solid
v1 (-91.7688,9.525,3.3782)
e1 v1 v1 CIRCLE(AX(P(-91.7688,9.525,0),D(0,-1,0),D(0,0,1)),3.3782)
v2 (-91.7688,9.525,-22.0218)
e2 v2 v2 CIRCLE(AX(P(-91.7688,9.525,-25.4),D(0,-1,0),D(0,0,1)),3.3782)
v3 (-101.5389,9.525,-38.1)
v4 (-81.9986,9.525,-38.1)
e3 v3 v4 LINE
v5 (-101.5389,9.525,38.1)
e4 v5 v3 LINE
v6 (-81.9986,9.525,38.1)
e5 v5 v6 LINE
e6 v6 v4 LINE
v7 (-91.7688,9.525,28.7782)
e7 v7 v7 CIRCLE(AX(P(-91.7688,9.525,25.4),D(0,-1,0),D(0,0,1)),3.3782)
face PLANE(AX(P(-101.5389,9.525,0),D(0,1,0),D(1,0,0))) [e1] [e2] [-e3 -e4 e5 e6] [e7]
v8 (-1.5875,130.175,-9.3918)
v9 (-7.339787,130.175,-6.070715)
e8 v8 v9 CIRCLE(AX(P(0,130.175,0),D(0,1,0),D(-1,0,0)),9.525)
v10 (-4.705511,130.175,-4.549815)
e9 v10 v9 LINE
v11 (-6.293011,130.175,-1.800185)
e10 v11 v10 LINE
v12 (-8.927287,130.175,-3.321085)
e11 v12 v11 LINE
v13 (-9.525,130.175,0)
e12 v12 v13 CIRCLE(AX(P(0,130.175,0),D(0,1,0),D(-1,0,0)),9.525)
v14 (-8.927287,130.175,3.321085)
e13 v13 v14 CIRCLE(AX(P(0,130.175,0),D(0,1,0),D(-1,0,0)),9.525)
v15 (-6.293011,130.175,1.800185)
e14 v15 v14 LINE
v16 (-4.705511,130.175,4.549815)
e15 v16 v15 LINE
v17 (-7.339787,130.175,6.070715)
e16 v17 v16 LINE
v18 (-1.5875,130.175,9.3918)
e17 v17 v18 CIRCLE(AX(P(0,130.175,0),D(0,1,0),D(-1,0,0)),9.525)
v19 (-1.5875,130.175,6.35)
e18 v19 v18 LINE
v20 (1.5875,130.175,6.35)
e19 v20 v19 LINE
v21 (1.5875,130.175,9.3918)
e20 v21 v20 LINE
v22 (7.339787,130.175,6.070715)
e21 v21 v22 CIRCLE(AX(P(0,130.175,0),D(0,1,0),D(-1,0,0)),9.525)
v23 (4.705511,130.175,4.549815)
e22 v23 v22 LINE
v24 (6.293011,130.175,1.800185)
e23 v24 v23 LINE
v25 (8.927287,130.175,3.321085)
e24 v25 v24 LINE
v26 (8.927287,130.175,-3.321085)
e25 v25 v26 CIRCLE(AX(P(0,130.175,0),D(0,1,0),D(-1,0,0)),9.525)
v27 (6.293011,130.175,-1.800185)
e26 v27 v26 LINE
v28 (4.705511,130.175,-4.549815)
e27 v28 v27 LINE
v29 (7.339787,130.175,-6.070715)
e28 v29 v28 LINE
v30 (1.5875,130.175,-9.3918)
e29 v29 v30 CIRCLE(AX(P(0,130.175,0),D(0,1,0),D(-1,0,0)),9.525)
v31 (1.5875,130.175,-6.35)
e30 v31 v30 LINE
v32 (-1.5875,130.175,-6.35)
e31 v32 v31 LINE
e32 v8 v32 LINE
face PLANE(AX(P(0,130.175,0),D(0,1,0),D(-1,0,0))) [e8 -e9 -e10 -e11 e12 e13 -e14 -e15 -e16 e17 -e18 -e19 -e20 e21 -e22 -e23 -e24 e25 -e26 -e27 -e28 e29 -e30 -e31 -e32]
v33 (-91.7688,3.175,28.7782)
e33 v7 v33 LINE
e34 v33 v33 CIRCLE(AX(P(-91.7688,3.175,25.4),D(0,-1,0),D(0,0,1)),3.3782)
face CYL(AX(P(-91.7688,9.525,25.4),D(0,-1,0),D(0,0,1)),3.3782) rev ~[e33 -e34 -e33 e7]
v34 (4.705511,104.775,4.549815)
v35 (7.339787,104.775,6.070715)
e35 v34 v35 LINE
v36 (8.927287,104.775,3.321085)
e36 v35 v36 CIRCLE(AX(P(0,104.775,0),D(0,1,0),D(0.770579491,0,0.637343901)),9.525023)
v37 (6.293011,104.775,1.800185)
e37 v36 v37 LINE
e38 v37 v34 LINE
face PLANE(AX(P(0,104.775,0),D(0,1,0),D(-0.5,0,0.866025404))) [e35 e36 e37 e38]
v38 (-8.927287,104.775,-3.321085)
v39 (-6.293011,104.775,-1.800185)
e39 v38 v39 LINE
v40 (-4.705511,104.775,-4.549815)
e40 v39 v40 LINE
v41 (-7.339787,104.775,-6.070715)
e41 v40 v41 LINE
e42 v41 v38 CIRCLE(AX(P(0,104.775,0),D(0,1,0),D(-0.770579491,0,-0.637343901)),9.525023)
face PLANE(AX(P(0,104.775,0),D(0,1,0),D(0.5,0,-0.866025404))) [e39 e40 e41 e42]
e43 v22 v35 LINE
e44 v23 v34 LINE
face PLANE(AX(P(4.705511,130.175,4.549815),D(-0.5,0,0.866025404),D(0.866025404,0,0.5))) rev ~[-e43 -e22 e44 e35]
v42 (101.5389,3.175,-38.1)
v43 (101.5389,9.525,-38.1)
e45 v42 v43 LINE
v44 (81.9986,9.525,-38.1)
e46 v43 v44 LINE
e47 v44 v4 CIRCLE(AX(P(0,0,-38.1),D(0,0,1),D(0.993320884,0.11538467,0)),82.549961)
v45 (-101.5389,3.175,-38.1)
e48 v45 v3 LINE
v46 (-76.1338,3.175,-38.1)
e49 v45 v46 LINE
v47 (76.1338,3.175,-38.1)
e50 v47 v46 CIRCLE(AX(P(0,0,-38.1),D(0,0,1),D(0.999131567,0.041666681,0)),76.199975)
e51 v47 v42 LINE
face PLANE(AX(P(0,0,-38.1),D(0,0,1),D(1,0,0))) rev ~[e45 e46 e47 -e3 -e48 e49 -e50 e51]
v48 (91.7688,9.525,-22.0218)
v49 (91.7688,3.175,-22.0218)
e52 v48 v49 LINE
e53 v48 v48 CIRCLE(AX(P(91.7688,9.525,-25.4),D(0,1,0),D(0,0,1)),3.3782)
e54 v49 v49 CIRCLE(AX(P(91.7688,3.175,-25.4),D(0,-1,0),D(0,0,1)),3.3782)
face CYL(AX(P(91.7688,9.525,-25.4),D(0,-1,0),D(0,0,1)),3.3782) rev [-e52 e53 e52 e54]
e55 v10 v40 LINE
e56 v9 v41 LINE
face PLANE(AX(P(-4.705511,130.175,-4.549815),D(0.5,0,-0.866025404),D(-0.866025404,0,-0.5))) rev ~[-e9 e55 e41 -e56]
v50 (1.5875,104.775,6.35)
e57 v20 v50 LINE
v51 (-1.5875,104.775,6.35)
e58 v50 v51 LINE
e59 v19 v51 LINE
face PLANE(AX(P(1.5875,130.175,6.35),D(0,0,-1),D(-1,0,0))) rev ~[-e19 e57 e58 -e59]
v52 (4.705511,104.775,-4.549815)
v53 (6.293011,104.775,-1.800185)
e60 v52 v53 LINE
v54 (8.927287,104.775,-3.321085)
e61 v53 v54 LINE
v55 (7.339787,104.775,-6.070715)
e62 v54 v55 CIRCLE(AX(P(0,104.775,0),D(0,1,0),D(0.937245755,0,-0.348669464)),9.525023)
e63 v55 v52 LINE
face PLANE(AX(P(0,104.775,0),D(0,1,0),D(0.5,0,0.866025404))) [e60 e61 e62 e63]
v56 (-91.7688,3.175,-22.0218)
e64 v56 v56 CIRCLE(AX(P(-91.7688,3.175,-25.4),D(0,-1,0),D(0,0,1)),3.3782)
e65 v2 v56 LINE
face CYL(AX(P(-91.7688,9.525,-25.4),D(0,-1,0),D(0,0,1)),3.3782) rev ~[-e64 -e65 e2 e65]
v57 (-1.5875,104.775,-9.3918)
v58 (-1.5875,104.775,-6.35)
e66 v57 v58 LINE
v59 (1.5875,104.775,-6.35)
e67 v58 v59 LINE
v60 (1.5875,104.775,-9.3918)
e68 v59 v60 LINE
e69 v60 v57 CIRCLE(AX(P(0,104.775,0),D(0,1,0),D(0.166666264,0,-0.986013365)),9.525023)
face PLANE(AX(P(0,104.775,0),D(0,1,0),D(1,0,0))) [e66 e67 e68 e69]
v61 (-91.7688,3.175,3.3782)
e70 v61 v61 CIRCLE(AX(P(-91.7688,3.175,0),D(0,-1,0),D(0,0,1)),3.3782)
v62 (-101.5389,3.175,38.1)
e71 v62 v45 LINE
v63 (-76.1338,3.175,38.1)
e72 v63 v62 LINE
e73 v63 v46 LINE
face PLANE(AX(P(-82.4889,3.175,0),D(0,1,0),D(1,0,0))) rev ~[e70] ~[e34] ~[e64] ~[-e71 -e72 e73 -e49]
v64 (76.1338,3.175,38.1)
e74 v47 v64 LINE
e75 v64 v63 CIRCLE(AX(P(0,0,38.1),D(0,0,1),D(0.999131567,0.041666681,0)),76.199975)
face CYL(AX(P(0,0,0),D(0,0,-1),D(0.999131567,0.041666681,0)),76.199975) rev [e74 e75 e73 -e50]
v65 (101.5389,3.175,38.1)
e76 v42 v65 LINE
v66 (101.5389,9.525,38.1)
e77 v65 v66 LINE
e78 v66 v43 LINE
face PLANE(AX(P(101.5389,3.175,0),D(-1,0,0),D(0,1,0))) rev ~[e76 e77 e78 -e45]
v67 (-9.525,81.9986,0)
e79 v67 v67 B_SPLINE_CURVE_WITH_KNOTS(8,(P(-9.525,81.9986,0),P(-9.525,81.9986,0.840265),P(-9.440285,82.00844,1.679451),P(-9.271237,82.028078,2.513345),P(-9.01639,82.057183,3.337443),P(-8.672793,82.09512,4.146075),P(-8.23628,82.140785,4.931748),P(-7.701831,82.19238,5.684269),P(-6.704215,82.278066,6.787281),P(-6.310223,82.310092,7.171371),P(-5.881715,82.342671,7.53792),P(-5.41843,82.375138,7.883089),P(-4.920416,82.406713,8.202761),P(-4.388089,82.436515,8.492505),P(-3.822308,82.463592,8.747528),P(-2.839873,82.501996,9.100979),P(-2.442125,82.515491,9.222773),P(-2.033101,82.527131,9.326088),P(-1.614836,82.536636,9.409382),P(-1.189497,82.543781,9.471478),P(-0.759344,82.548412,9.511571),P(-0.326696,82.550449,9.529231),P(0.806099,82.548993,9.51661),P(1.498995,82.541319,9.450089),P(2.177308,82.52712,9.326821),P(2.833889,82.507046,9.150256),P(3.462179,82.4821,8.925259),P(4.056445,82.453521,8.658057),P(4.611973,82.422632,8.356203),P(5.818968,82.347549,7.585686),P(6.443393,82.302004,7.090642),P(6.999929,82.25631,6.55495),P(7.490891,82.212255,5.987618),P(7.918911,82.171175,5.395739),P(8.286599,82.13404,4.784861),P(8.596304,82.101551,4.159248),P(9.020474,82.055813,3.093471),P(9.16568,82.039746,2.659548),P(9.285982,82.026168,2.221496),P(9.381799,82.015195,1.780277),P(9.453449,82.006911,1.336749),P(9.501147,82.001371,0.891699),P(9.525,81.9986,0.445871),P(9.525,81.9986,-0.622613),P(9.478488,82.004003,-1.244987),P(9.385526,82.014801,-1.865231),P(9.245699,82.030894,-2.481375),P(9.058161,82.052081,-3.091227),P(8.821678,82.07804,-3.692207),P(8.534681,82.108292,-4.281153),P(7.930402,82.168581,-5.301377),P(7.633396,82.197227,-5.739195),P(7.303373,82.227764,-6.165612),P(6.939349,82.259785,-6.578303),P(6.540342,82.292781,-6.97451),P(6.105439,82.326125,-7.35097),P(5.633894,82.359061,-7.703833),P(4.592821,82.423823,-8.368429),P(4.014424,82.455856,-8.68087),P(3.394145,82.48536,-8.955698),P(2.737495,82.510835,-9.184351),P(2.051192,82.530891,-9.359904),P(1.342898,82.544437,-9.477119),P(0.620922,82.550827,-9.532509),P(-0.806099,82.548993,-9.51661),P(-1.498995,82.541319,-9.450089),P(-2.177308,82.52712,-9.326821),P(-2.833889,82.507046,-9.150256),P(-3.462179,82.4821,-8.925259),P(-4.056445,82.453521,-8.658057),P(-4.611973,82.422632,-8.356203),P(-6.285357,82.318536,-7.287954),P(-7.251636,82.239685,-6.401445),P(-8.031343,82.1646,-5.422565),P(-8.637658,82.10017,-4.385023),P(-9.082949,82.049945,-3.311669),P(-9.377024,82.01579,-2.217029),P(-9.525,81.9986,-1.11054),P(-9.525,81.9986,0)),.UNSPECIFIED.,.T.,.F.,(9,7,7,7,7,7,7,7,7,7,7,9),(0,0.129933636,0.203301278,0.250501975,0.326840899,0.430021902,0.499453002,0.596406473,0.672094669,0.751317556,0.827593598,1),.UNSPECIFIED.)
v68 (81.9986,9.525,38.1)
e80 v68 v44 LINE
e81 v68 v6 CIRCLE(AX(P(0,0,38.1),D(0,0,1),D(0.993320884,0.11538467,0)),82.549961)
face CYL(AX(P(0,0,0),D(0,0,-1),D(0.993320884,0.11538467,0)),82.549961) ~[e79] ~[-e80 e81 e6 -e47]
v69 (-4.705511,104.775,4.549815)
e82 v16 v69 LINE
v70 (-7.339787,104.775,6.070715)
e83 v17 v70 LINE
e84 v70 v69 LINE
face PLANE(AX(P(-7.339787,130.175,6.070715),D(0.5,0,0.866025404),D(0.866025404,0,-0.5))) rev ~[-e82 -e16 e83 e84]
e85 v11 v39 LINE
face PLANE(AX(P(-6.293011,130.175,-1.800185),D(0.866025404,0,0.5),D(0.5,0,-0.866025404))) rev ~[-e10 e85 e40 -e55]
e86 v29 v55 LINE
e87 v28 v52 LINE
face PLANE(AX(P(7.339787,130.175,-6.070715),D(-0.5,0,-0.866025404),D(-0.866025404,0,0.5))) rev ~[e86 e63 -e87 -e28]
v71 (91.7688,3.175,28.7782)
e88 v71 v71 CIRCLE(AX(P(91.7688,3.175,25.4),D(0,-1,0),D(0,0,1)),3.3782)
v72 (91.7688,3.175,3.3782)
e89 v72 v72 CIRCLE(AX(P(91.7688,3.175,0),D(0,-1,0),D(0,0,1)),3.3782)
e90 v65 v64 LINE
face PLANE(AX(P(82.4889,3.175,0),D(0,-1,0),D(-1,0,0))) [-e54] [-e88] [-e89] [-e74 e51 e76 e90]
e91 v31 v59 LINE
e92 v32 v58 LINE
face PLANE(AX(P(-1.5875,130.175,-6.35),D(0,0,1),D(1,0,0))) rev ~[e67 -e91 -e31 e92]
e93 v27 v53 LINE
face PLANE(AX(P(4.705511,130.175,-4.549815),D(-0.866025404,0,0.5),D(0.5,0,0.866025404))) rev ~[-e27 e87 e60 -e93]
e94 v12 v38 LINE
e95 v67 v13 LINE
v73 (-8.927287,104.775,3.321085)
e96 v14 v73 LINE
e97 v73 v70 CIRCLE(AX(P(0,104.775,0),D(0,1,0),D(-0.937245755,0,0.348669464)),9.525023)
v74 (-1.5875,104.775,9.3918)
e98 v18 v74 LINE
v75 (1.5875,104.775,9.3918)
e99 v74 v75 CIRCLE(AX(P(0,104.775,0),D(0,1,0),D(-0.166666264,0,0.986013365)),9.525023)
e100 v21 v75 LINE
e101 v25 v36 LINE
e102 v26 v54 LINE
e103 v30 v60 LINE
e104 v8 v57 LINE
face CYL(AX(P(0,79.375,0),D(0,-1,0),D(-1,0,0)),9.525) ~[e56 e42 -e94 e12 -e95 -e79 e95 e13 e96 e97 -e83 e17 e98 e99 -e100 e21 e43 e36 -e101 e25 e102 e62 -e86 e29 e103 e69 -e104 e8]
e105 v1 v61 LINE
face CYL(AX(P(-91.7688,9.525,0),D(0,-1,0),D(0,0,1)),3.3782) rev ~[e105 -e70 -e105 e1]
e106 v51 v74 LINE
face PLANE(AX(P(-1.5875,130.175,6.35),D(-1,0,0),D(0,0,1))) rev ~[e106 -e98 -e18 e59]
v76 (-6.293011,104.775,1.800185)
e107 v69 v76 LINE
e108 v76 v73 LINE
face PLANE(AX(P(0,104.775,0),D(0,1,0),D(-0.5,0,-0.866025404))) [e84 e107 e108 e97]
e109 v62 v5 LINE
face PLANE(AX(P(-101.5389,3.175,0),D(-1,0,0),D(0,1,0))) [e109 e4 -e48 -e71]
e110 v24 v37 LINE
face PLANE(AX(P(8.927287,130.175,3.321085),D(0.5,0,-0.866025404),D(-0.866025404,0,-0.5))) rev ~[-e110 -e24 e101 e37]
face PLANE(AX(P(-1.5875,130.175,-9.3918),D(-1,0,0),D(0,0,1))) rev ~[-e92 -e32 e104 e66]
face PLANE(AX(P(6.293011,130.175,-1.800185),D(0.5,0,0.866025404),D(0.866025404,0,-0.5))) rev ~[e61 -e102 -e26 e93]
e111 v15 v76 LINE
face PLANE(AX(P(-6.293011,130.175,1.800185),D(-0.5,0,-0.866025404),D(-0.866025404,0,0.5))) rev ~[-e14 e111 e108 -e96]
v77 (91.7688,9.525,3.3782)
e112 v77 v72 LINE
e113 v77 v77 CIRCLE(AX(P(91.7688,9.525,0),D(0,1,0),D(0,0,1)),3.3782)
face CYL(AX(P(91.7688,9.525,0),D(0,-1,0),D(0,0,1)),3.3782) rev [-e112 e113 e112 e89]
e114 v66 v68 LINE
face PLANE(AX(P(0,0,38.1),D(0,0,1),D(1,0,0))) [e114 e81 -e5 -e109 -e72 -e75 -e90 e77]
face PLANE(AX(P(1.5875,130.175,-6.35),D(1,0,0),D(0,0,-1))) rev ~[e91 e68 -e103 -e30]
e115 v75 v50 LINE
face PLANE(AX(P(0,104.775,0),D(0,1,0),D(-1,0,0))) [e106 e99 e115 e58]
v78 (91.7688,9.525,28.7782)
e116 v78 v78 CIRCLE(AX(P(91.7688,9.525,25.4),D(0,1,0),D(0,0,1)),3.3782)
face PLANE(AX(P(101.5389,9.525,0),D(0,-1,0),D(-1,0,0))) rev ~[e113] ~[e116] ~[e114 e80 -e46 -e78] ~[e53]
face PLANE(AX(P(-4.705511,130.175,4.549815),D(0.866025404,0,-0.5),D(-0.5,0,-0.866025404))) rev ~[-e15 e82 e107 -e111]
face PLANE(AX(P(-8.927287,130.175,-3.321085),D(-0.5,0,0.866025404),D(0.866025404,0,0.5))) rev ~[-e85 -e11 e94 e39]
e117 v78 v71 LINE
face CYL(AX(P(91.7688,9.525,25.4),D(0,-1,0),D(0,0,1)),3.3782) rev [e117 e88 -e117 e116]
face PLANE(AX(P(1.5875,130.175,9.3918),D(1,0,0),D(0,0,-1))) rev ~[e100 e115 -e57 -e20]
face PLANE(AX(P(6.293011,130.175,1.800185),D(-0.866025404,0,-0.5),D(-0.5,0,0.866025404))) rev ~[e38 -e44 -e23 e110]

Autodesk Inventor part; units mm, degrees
ref_plane "YZ Plane" through (0, 0, 0) normal (1, 0, 0) x (0, 1, 0)
ref_plane "XY Plane" through (0, 0, 0) normal (0, 0, 1) x (1, 0, 0)
sketch "Sketch8" plane through (0, 0, 0) normal (0, 0, 1) x (1, 0, 0)
  arc A0 (76.1338, 3.175) -> (-76.1338, 3.175) centre (0, 0) ccw
  arc A1 (81.9986, 9.525) -> (-81.9986, 9.525) centre (0, 0) ccw
  line L0 (-82.4889, 3.175) -> (-101.5389, 3.175)
  line L1 (-101.5389, 3.175) -> (-101.5389, 9.525)
  line L2 (-101.5389, 9.525) -> (-81.9986, 9.525)
  line L3 (0, 0) -> (0, 82.55) construction
  line L4 (-82.4889, 3.175) -> (-76.1338, 3.175)
  line L5 (82.4889, 3.175) -> (101.5389, 3.175)
  line L6 (101.5389, 3.175) -> (101.5389, 9.525)
  line L7 (101.5389, 9.525) -> (81.9986, 9.525)
  line L8 (82.4889, 3.175) -> (76.1338, 3.175)
  dimension "d52" = 152.4
  dimension "d53" = 6.35
  dimension "d54" = 19.05
  dimension "d55" = 3.175
  dimension "d56" = 6.35
extrude "Extrusion5" add sketch "Sketch8" along normal mid plane 76.2
sketch "Sketch9" plane through (-101.5389, 9.525, 38.1) normal (0, 1, 0) x (1, 0, 0)
  line L0 (19.5403, 0) -> (0, 0) construction
  line L1 (9.7701, 0) -> (9.7701, 76.2) construction
  line L2 (25.4051, 76.2) -> (0, 76.2) construction
  line L3 (9.7701, 25.4) -> (9.7701, 101.6) construction
  line L4 (9.7701, 50.8) -> (9.7701, 127) construction
  point P0 (101.5389, 38.1)
  point P1 (9.7701, 12.7)
  point P2 (9.7701, 38.1)
  point P3 (9.7701, 63.5)
  dimension "d59" = 12.7
  dimension "d62" = 25.4
hole "Hole3" at (-91.7688, 9.525, 25.4) at (-91.7688, 9.525, 0) at (-91.7688, 9.525, -25.4) direction (0, -1, 0) diameter 6.7564 end through all clearance for "Socket Head Cap Screw" size "1/4" standard "Ansi Unified Screw Threads"
mirror "Mirror3" about plane through (0, 0, 0) normal (1, 0, 0) of "Hole3"
ref_plane "Work Plane7" through (0, 79.375, 0) normal (0, 1, 0) x (-1, 0, 0)
sketch "Sketch20" plane through (0, 79.375, 0) normal (0, 1, 0) x (-1, 0, 0)
  circle A0 centre (0, 0) radius 9.525
  dimension "d101" = 19.05
extrude "Extrusion11" add sketch "Sketch20" along normal blind 50.8
sketch "Sketch21" plane through (0, 130.175, 0) normal (0, 1, 0) x (1, 0, 0)
  arc A0 (1.5875, 9.3918) -> (-1.5875, 9.3918) centre (0, 0) ccw
  circle A1 centre (0, 0) radius 9.525 projected
  line L0 (-1.5875, 9.3918) -> (-1.5875, 6.35)
  line L1 (-1.5875, 6.35) -> (1.5875, 6.35)
  line L2 (1.5875, 6.35) -> (1.5875, 9.3918)
  dimension "d106" = 3.175
  dimension "d107" = 3.175
extrude "Extrusion12" cut sketch "Sketch21" against normal blind 25.4 contours L2 L1 L0 A0
pattern_circular "Circular Pattern3" count 6 over 360 about axis through (0, -10, 0) along (0, 1, 0) of "Extrusion12"
properties part number "tubeBracket" material "ABS Plastic"
